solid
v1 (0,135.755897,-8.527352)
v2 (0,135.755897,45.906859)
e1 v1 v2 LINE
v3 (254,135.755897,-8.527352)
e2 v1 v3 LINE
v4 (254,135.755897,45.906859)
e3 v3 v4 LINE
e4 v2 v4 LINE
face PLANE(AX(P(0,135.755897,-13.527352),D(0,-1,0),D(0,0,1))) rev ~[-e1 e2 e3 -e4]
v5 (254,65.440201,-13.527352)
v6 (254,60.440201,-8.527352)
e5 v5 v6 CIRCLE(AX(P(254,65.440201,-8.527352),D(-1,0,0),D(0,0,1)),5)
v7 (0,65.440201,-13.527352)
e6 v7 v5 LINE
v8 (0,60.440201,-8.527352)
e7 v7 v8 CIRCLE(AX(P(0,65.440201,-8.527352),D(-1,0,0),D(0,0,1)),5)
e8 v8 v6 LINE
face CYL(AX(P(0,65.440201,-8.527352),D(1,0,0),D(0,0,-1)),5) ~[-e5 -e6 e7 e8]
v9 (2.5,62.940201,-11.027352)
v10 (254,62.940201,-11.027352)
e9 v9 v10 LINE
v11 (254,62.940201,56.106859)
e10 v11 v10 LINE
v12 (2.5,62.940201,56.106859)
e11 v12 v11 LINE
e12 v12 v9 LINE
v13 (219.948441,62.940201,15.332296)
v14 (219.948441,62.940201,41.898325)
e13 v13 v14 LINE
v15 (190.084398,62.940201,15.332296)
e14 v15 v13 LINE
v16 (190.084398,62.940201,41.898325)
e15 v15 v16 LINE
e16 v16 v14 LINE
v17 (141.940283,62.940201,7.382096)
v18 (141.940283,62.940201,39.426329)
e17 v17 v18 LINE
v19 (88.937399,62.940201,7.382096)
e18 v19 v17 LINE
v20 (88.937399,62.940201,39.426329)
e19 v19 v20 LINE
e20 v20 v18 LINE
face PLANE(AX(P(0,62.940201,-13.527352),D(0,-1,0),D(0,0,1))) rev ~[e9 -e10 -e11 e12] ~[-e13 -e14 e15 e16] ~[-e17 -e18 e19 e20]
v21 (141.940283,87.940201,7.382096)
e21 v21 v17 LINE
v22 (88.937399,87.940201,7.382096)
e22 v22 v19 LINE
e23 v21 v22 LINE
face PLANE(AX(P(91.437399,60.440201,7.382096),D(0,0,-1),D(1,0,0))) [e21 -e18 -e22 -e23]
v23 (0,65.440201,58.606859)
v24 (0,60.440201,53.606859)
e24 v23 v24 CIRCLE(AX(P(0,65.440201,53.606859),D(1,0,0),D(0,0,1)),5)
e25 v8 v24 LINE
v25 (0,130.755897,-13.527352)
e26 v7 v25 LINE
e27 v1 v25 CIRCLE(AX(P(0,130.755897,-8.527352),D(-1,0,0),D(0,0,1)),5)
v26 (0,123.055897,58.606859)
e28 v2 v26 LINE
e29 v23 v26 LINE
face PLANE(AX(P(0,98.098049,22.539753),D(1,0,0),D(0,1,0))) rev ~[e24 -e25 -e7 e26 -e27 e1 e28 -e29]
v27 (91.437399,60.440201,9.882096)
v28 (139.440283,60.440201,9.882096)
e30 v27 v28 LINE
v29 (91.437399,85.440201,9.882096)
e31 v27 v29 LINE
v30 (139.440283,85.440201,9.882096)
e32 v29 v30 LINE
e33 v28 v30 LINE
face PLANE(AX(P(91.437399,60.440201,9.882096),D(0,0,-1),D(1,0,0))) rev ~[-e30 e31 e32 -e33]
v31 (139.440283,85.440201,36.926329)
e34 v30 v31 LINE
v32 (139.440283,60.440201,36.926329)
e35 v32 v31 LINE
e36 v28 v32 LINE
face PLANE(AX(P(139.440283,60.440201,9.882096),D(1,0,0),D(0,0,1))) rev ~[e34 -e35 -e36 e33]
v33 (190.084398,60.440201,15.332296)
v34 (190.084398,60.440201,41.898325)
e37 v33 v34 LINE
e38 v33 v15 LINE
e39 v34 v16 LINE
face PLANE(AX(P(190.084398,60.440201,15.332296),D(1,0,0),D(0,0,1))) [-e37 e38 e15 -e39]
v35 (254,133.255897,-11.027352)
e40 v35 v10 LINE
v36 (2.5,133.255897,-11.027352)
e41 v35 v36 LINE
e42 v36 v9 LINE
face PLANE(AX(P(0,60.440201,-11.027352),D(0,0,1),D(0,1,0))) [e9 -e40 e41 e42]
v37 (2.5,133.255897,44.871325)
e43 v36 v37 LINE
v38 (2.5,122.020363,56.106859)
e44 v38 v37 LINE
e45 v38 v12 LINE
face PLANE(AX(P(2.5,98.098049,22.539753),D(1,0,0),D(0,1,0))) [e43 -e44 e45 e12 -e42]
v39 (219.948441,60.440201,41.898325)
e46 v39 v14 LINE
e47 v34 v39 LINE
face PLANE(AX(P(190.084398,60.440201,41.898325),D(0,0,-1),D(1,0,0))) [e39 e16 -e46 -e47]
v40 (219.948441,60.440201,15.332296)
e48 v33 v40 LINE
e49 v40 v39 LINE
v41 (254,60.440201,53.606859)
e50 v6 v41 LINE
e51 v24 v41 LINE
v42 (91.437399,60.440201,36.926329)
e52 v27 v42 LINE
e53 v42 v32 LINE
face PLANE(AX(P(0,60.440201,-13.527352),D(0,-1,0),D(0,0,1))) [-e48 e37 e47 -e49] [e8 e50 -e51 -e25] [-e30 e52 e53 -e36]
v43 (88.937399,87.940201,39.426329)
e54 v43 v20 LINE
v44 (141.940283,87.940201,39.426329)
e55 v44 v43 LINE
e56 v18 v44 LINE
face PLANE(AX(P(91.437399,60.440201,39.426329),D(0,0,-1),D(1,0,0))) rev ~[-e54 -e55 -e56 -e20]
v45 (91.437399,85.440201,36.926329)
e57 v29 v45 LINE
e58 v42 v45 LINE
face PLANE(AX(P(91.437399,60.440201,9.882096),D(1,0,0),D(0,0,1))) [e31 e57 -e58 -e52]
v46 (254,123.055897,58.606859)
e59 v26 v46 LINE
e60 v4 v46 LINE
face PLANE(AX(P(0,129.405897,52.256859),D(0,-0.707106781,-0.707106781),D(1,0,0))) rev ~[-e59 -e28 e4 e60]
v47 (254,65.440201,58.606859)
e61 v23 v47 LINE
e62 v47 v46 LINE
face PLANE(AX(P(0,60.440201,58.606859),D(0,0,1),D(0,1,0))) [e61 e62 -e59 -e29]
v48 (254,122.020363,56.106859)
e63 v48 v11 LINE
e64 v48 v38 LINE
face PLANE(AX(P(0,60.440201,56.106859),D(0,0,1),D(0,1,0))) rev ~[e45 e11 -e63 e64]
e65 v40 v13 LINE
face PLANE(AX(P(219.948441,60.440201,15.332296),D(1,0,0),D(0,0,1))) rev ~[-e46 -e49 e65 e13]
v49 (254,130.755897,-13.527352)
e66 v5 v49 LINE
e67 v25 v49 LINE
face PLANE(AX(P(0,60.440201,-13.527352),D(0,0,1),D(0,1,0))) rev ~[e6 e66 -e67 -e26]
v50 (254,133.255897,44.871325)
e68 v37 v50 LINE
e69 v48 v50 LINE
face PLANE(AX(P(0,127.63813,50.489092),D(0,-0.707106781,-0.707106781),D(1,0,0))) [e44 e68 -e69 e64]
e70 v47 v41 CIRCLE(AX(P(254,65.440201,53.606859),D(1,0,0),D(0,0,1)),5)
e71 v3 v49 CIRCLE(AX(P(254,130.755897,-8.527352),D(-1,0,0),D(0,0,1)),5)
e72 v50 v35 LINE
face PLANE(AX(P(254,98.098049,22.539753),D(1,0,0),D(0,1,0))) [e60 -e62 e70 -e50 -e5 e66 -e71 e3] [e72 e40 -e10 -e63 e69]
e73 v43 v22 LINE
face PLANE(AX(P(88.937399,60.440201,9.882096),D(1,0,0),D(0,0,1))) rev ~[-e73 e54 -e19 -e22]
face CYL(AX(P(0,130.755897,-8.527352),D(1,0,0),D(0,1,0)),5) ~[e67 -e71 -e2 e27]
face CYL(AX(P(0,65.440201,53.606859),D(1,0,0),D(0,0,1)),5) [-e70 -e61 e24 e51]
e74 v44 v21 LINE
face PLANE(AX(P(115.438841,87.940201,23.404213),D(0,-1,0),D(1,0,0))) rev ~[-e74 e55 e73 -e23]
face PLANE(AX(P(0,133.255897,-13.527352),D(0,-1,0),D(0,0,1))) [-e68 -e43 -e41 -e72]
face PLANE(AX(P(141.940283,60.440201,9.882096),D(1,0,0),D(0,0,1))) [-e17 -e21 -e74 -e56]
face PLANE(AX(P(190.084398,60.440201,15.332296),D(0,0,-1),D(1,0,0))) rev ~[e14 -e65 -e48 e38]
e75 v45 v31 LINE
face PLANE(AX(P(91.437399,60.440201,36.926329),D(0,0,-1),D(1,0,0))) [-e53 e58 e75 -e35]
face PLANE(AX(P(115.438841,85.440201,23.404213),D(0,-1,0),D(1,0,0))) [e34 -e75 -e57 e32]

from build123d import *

# Parameters (mm, degrees)
F0_W     = 75.315695256
F0_H     = 72.1342116594
F1_DEPTH = 254
F2_SIZE  = 12.7
F3_W     = 48.0028837919
F3_H     = 27.0442329347
F4_DEPTH = 25
F5_T     = -2.5
F6_R     = 5
F7_W     = 29.8640429974
F7_H     = 26.566028595
F8_DEPTH = 25


with BuildPart() as f1:
    # F0 (on Right) → F1 (new body)
    with BuildSketch(Plane.YZ):
        with Locations((98.0980489403, 22.5397534668)):
            Rectangle(F0_W, F0_H)
    extrude(amount=F1_DEPTH)

    # F2
    f2_edges = [f1.edges().sort_by_distance(p)[0] for p in [
        (127, 135.755897, 58.606859),
    ]]
    chamfer(f2_edges, length=F2_SIZE)

    # F3 (on face) → F4 (cut)
    with BuildSketch(Plane.XZ.offset(-60.4402013123)):
        with Locations((115.4388412833, 23.4042126685)):
            Rectangle(F3_W, F3_H)
    extrude(amount=-F4_DEPTH, mode=Mode.SUBTRACT)

    # F5
    f5_openings = [f1.faces().sort_by_distance(p)[0] for p in [
        (254, 97.59442, 22.060093),
    ]]
    offset(amount=F5_T, openings=f5_openings, kind=Kind.INTERSECTION)

    # F6
    f6_edges = [f1.edges().sort_by_distance(p)[0] for p in [
        (127, 60.440201, -13.527352),
        (127, 60.440201, 58.606859),
        (127, 135.755897, -13.527352),
    ]]
    fillet(f6_edges, radius=F6_R)

    # F7 (on face) → F8 (cut)
    with BuildSketch(Plane.XZ.offset(-60.4402013123)):
        with Locations((205.0164192915, 28.6153107882)):
            Rectangle(F7_W, F7_H)
    extrude(amount=-F8_DEPTH, mode=Mode.SUBTRACT)


solid = f1.part
